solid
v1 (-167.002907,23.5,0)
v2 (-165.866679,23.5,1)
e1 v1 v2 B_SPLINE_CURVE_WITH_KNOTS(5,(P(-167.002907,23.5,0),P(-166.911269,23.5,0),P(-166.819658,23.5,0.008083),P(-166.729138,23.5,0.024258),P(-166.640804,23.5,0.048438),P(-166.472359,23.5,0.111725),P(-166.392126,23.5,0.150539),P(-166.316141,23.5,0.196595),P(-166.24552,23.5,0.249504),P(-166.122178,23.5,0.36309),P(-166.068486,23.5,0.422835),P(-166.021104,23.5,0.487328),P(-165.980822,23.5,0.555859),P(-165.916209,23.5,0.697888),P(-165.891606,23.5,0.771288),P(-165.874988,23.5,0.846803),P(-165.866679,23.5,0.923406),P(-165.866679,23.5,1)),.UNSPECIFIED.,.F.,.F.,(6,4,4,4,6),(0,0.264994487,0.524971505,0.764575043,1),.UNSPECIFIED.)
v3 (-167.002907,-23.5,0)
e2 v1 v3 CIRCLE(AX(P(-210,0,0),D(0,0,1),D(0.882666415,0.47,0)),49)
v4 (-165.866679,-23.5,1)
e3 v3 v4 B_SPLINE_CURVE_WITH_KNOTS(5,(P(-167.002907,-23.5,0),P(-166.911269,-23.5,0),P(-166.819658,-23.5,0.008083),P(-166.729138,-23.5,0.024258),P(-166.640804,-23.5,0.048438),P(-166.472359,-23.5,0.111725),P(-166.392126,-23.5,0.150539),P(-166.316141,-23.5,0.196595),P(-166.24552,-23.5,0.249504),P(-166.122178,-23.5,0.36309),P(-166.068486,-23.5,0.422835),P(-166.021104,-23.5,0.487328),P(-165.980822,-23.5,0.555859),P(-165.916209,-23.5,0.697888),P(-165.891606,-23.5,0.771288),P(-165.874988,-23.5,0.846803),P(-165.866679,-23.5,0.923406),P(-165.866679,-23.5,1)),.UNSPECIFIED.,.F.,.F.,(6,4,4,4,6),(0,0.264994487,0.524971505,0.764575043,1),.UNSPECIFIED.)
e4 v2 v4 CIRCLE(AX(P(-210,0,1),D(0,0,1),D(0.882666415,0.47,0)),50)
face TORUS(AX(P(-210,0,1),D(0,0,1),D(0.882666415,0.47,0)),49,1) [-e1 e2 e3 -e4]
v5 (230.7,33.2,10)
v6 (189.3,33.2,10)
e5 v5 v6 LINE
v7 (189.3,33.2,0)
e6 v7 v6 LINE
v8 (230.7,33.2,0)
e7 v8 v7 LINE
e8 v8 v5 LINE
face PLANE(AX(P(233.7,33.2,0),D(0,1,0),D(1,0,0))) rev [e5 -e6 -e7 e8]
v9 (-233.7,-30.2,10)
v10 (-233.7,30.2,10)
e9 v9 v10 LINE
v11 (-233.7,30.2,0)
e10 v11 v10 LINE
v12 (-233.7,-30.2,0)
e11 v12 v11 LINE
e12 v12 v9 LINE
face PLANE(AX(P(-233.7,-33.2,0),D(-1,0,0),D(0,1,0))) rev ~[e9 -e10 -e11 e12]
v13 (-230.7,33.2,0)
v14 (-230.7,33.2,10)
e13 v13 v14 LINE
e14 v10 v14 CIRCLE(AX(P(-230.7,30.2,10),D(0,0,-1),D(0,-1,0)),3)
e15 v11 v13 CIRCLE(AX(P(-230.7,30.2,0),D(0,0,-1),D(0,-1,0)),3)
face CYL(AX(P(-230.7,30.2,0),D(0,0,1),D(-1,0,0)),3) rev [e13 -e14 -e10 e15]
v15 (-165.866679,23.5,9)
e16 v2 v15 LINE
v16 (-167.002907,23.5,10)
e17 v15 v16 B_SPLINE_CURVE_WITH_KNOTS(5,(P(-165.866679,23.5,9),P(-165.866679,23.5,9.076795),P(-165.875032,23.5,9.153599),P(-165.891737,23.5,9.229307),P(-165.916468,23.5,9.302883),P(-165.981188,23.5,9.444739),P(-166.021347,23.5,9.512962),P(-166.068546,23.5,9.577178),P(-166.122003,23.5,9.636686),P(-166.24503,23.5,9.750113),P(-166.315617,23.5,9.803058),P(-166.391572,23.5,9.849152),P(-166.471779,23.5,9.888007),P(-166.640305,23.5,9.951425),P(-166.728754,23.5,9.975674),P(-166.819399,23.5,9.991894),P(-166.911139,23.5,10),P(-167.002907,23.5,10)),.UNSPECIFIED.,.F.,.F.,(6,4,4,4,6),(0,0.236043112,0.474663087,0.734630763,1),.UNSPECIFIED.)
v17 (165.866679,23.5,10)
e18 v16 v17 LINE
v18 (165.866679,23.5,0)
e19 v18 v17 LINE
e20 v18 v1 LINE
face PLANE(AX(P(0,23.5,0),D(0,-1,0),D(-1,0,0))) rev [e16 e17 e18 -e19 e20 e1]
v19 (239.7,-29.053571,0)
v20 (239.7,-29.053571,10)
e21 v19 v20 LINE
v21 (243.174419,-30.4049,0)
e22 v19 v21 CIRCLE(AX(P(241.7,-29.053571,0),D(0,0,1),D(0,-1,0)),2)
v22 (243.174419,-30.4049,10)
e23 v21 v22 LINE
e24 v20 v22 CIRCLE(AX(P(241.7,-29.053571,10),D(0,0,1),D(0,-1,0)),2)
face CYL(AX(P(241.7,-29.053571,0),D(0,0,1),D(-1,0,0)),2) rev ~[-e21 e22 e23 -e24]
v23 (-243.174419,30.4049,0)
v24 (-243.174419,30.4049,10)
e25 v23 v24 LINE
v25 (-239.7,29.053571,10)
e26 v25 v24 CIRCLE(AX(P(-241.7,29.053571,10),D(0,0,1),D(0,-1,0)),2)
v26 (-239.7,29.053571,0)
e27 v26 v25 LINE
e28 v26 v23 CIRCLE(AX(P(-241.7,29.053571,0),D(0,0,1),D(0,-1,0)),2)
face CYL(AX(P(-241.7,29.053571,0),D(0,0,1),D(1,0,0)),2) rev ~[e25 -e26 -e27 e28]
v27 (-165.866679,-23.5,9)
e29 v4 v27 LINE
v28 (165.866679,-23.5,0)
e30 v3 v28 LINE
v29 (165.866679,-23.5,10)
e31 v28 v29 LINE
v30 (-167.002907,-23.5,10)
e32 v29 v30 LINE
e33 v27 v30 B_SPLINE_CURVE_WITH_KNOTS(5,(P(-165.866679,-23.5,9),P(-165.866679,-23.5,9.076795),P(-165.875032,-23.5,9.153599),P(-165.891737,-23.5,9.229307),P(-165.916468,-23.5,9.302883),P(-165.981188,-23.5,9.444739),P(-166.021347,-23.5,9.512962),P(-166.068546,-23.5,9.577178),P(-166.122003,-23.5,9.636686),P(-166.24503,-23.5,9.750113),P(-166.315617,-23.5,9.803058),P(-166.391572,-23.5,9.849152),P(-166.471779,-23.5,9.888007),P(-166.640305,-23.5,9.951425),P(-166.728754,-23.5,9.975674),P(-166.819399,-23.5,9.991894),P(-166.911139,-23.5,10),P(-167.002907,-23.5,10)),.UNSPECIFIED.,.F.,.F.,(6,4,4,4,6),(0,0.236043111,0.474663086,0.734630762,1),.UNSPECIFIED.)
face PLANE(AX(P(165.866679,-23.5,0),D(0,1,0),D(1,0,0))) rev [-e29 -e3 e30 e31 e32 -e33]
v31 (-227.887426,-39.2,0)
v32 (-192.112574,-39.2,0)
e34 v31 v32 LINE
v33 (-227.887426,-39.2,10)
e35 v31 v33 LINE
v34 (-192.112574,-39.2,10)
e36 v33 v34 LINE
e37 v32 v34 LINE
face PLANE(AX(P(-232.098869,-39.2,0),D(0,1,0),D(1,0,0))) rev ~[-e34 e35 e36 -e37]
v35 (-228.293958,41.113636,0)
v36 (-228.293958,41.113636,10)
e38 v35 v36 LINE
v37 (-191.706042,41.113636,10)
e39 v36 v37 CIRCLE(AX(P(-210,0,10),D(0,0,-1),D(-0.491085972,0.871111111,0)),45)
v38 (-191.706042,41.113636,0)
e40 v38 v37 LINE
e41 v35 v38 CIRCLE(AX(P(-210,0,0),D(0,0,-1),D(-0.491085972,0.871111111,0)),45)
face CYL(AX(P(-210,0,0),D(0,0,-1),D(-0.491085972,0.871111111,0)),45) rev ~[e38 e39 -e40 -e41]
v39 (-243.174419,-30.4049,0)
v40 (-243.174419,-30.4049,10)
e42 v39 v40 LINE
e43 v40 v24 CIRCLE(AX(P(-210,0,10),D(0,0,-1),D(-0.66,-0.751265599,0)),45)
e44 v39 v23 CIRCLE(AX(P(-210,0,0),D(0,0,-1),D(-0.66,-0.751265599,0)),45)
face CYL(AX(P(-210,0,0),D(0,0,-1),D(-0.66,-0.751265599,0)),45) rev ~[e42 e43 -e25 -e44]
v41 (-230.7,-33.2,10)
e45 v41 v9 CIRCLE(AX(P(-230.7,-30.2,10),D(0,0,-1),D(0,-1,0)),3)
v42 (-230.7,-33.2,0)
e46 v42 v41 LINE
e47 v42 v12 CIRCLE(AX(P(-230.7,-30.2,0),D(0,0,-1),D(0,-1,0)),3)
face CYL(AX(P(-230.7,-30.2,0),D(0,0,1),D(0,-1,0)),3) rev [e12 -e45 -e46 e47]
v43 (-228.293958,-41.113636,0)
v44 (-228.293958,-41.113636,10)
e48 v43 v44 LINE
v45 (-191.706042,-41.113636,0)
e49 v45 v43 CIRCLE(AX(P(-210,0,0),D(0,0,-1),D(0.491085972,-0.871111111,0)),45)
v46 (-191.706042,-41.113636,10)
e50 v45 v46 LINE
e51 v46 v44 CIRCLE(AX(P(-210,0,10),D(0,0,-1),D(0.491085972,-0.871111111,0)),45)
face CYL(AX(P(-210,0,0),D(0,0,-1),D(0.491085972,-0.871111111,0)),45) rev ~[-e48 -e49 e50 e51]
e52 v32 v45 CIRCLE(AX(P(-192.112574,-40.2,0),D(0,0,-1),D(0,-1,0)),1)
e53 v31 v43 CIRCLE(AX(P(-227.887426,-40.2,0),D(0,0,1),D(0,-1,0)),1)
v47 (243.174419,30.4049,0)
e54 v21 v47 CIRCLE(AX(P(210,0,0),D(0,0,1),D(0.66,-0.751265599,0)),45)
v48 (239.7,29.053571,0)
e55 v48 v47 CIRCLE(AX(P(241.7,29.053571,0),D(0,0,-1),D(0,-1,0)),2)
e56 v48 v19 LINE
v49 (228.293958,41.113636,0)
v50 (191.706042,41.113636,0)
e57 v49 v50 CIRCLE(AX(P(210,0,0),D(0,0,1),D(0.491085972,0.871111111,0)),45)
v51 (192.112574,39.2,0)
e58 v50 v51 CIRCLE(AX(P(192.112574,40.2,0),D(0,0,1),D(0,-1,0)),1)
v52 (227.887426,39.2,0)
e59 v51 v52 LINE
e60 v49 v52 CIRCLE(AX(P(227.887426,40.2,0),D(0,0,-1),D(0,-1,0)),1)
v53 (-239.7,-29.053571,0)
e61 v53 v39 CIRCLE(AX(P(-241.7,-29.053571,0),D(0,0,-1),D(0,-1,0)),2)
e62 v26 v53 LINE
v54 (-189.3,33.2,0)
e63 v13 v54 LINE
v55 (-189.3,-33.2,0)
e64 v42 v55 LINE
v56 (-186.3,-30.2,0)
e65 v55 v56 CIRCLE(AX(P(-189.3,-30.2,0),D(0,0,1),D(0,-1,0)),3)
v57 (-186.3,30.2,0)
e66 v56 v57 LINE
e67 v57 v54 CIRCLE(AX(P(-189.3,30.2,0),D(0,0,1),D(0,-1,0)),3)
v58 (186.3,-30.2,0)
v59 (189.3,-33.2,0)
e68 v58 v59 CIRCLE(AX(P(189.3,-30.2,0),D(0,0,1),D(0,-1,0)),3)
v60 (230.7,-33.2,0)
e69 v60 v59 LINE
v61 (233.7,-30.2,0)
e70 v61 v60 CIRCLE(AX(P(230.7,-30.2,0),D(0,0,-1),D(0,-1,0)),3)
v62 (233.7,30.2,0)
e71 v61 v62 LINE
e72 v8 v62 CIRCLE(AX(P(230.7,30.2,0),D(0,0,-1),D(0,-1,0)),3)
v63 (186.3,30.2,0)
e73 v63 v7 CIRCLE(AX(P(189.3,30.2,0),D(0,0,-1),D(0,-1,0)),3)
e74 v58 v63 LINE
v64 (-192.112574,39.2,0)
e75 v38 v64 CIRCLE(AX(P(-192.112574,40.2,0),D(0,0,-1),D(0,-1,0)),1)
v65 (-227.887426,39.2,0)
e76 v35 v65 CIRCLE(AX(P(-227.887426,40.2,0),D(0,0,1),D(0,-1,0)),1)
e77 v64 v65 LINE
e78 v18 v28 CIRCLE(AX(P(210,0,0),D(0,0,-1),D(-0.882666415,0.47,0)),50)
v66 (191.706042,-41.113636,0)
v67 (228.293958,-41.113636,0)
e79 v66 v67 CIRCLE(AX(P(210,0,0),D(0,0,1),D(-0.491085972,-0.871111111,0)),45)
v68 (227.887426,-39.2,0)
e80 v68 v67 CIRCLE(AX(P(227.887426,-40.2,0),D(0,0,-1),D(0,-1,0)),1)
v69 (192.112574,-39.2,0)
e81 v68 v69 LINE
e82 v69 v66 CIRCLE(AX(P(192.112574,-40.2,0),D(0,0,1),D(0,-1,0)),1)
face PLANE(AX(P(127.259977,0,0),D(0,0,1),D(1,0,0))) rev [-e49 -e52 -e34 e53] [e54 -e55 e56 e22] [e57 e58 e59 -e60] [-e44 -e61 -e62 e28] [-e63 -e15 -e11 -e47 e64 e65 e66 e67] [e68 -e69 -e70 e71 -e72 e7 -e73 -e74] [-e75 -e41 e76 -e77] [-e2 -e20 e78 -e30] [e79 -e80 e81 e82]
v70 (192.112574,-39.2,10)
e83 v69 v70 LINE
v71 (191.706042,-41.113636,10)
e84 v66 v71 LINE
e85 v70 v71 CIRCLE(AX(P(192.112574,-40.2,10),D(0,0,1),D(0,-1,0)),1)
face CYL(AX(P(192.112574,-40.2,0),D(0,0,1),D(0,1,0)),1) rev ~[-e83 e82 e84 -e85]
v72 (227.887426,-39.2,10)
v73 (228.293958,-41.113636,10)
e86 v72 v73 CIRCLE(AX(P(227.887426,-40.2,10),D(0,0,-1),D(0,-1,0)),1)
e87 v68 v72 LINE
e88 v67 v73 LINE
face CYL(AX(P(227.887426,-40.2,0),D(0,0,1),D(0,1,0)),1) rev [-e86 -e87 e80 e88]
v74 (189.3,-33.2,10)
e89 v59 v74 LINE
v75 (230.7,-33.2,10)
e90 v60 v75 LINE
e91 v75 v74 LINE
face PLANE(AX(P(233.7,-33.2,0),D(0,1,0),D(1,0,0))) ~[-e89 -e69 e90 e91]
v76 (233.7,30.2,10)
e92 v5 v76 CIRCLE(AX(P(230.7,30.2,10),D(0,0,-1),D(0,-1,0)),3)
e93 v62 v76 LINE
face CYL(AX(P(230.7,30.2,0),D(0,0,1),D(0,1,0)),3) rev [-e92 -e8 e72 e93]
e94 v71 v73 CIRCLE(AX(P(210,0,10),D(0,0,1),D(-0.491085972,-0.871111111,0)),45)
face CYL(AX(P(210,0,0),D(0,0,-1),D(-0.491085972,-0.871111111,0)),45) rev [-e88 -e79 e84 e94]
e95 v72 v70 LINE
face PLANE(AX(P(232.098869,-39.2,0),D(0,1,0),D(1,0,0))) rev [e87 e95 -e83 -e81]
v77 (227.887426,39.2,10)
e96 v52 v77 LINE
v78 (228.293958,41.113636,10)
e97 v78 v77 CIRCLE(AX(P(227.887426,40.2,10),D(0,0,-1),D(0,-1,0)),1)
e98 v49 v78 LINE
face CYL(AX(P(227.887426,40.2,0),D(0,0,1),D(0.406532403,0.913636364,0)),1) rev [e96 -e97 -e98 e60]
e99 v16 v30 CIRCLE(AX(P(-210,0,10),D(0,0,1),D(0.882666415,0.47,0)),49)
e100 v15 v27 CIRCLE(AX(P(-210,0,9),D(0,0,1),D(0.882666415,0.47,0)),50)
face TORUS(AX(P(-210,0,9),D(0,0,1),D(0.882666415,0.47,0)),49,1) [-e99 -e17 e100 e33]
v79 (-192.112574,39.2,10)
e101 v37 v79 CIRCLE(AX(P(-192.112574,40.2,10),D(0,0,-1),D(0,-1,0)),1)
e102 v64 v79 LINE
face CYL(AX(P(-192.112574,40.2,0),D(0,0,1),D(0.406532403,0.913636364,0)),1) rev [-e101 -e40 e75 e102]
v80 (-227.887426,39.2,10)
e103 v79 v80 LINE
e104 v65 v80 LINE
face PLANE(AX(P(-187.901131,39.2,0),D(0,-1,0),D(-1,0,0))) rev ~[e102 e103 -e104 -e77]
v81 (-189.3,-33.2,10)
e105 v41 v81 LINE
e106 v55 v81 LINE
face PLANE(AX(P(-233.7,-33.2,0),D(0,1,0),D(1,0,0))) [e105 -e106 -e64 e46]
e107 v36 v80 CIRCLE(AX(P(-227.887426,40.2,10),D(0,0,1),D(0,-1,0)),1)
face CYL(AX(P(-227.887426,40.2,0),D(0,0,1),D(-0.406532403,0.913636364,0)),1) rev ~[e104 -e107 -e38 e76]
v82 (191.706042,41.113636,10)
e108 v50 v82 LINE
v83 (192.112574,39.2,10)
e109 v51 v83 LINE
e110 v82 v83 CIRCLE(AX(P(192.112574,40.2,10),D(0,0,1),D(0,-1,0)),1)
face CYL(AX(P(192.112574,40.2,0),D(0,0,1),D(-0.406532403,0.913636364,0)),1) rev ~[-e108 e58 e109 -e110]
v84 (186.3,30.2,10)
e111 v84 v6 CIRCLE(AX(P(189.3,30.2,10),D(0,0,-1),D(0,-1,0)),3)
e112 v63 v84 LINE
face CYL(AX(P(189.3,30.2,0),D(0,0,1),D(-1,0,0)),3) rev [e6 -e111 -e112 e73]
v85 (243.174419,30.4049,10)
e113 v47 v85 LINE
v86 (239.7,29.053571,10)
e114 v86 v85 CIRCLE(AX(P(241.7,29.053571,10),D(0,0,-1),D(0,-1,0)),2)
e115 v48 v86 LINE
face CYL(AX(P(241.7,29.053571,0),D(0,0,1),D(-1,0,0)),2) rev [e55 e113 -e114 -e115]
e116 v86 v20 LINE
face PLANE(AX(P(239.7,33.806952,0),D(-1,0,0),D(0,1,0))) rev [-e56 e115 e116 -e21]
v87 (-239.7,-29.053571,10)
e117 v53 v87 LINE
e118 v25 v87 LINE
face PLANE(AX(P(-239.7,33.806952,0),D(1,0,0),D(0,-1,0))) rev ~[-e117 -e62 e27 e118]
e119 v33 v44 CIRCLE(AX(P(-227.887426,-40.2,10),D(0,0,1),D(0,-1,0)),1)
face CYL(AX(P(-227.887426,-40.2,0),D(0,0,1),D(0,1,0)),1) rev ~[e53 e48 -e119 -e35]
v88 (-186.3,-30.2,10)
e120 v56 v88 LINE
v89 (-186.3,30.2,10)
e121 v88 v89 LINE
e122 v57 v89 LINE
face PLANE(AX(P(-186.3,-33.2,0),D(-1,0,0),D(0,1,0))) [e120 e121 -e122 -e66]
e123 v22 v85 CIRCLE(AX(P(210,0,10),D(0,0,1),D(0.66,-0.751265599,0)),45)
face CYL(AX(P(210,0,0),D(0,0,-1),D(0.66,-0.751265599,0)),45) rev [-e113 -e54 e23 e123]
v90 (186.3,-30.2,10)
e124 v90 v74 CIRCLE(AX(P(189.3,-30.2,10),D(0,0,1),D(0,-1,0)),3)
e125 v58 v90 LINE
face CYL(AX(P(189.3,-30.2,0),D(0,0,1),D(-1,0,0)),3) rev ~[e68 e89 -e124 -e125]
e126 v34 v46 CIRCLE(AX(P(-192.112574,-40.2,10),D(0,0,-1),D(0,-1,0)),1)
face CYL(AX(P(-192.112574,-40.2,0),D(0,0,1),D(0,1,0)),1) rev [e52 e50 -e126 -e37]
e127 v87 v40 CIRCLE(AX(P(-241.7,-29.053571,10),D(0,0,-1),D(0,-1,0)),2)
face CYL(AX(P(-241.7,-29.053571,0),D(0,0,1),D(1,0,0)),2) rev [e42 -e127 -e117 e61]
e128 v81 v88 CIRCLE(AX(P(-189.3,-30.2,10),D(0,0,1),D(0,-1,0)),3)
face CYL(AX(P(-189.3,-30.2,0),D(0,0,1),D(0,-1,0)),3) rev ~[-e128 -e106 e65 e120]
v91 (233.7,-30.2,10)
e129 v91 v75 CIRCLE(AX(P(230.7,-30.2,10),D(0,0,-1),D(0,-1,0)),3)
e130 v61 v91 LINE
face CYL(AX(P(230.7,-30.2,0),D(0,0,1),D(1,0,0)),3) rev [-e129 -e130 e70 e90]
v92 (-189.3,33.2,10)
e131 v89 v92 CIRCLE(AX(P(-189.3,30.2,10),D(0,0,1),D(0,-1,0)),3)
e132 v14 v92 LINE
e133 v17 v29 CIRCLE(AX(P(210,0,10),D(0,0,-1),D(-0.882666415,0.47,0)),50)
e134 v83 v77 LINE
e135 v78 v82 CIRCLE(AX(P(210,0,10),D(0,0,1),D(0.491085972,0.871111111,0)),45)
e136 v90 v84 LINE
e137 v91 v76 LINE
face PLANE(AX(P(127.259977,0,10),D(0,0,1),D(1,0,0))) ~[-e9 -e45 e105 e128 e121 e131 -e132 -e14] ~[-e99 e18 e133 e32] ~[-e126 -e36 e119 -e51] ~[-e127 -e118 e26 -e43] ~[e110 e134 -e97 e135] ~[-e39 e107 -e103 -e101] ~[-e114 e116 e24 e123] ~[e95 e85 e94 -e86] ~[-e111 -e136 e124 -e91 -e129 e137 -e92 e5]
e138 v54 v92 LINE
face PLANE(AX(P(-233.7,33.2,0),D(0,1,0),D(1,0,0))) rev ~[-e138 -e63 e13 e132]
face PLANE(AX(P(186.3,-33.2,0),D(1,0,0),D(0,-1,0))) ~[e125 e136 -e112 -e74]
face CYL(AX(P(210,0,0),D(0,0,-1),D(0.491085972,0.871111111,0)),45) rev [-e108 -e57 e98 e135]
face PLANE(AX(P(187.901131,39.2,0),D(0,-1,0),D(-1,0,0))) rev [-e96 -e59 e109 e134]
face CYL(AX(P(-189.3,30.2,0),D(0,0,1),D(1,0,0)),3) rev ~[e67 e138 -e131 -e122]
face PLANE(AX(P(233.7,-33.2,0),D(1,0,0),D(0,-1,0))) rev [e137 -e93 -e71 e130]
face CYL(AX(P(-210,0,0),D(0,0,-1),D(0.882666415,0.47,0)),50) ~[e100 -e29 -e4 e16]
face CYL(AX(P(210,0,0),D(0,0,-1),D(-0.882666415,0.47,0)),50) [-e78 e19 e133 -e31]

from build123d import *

# Parameters (mm, degrees)
SKETCH_1_W             = 47.4
SKETCH_1_H             = 66.4
EXTRUDE_1_DEPTH        = 10
FILLET_1_R             = 3
FILLET_2_R             = 2
FILLET_4_R             = 1
FILLET_5_R             = 1
FILLET_1_OF_MIRROR_1_R = 3
FILLET_2_OF_MIRROR_1_R = 2
FILLET_4_OF_MIRROR_1_R = 1


with BuildPart() as part:
    # 草图1 → 凸台-拉伸1 (new body)
    with BuildSketch(Plane.XY):
        with BuildLine():
            ThreePointArc((-165.866679255, 23.5), (-260, 0), (-165.866679255, -23.5))
            Line((-165.866679255, -23.5), (0, -23.5))
            Line((0, -23.5), (0, 23.5))
            Line((0, 23.5), (-165.866679255, 23.5))
        make_face()
        with BuildLine():
            ThreePointArc((-187.901131251, -39.2), (-210, -45), (-232.098868749, -39.2))
            Line((-232.098868749, -39.2), (-187.901131251, -39.2))
        make_face(mode=Mode.SUBTRACT)
        with BuildLine():
            ThreePointArc((-239.7, -33.806951948), (-255, 0), (-239.7, 33.806951948))
            Line((-239.7, 33.806951948), (-239.7, -33.806951948))
        make_face(mode=Mode.SUBTRACT)
        with Locations((-210, 0)):
            Rectangle(SKETCH_1_W, SKETCH_1_H, mode=Mode.SUBTRACT)
        with BuildLine():
            Line((-187.901131251, 39.2), (-232.098868749, 39.2))
            ThreePointArc((-232.098868749, 39.2), (-210, 45), (-187.901131251, 39.2))
        make_face(mode=Mode.SUBTRACT)
    extrude_1 = extrude(amount=EXTRUDE_1_DEPTH)

    # 圆角1
    fillet_1_edges = [part.edges().sort_by_distance(p)[0] for p in [
        (-186.3, 33.2, 5),
        (-233.7, 33.2, 5),
        (-233.7, -33.2, 5),
        (-186.3, -33.2, 5),
    ]]
    fillet(fillet_1_edges, radius=FILLET_1_R)

    # 圆角2
    fillet_2_edges = [part.edges().sort_by_distance(p)[0] for p in [
        (-239.7, 33.806951948, 5),
        (-239.7, -33.806951948, 5),
    ]]
    fillet(fillet_2_edges, radius=FILLET_2_R)

    # 圆角4
    fillet_4_edges = [part.edges().sort_by_distance(p)[0] for p in [
        (-187.901131251, 39.2, 5),
        (-232.098868749, 39.2, 5),
        (-187.901131251, -39.2, 5),
        (-232.098868749, -39.2, 5),
    ]]
    fillet(fillet_4_edges, radius=FILLET_4_R)

    # 圆角5
    fillet_5_edges = [part.edges().sort_by_distance(p)[0] for p in [
        (-260, 0, 10),
        (-260, 0, 0),
    ]]
    fillet(fillet_5_edges, radius=FILLET_5_R)

    # 镜向1: 凸台-拉伸1 across plane
    add(extrude_1.mirror(Plane(origin=(0, 0, 10), x_dir=(0, 0, 1), z_dir=(1, 0, 0))))

    # 圆角1 of 镜向1
    fillet_1_of_mirror_1_edges = [part.edges().sort_by_distance(p)[0] for p in [
        (186.3, 33.2, 5),
        (233.7, 33.2, 5),
        (233.7, -33.2, 5),
        (186.3, -33.2, 5),
    ]]
    fillet(fillet_1_of_mirror_1_edges, radius=FILLET_1_OF_MIRROR_1_R)

    # 圆角2 of 镜向1
    fillet_2_of_mirror_1_edges = [part.edges().sort_by_distance(p)[0] for p in [
        (239.7, 33.806951948, 5),
        (239.7, -33.806951948, 5),
    ]]
    fillet(fillet_2_of_mirror_1_edges, radius=FILLET_2_OF_MIRROR_1_R)

    # 圆角4 of 镜向1
    fillet_4_of_mirror_1_edges = [part.edges().sort_by_distance(p)[0] for p in [
        (187.901131251, 39.2, 5),
        (232.098868749, 39.2, 5),
        (187.901131251, -39.2, 5),
        (232.098868749, -39.2, 5),
    ]]
    fillet(fillet_4_of_mirror_1_edges, radius=FILLET_4_OF_MIRROR_1_R)


solid = part.part
